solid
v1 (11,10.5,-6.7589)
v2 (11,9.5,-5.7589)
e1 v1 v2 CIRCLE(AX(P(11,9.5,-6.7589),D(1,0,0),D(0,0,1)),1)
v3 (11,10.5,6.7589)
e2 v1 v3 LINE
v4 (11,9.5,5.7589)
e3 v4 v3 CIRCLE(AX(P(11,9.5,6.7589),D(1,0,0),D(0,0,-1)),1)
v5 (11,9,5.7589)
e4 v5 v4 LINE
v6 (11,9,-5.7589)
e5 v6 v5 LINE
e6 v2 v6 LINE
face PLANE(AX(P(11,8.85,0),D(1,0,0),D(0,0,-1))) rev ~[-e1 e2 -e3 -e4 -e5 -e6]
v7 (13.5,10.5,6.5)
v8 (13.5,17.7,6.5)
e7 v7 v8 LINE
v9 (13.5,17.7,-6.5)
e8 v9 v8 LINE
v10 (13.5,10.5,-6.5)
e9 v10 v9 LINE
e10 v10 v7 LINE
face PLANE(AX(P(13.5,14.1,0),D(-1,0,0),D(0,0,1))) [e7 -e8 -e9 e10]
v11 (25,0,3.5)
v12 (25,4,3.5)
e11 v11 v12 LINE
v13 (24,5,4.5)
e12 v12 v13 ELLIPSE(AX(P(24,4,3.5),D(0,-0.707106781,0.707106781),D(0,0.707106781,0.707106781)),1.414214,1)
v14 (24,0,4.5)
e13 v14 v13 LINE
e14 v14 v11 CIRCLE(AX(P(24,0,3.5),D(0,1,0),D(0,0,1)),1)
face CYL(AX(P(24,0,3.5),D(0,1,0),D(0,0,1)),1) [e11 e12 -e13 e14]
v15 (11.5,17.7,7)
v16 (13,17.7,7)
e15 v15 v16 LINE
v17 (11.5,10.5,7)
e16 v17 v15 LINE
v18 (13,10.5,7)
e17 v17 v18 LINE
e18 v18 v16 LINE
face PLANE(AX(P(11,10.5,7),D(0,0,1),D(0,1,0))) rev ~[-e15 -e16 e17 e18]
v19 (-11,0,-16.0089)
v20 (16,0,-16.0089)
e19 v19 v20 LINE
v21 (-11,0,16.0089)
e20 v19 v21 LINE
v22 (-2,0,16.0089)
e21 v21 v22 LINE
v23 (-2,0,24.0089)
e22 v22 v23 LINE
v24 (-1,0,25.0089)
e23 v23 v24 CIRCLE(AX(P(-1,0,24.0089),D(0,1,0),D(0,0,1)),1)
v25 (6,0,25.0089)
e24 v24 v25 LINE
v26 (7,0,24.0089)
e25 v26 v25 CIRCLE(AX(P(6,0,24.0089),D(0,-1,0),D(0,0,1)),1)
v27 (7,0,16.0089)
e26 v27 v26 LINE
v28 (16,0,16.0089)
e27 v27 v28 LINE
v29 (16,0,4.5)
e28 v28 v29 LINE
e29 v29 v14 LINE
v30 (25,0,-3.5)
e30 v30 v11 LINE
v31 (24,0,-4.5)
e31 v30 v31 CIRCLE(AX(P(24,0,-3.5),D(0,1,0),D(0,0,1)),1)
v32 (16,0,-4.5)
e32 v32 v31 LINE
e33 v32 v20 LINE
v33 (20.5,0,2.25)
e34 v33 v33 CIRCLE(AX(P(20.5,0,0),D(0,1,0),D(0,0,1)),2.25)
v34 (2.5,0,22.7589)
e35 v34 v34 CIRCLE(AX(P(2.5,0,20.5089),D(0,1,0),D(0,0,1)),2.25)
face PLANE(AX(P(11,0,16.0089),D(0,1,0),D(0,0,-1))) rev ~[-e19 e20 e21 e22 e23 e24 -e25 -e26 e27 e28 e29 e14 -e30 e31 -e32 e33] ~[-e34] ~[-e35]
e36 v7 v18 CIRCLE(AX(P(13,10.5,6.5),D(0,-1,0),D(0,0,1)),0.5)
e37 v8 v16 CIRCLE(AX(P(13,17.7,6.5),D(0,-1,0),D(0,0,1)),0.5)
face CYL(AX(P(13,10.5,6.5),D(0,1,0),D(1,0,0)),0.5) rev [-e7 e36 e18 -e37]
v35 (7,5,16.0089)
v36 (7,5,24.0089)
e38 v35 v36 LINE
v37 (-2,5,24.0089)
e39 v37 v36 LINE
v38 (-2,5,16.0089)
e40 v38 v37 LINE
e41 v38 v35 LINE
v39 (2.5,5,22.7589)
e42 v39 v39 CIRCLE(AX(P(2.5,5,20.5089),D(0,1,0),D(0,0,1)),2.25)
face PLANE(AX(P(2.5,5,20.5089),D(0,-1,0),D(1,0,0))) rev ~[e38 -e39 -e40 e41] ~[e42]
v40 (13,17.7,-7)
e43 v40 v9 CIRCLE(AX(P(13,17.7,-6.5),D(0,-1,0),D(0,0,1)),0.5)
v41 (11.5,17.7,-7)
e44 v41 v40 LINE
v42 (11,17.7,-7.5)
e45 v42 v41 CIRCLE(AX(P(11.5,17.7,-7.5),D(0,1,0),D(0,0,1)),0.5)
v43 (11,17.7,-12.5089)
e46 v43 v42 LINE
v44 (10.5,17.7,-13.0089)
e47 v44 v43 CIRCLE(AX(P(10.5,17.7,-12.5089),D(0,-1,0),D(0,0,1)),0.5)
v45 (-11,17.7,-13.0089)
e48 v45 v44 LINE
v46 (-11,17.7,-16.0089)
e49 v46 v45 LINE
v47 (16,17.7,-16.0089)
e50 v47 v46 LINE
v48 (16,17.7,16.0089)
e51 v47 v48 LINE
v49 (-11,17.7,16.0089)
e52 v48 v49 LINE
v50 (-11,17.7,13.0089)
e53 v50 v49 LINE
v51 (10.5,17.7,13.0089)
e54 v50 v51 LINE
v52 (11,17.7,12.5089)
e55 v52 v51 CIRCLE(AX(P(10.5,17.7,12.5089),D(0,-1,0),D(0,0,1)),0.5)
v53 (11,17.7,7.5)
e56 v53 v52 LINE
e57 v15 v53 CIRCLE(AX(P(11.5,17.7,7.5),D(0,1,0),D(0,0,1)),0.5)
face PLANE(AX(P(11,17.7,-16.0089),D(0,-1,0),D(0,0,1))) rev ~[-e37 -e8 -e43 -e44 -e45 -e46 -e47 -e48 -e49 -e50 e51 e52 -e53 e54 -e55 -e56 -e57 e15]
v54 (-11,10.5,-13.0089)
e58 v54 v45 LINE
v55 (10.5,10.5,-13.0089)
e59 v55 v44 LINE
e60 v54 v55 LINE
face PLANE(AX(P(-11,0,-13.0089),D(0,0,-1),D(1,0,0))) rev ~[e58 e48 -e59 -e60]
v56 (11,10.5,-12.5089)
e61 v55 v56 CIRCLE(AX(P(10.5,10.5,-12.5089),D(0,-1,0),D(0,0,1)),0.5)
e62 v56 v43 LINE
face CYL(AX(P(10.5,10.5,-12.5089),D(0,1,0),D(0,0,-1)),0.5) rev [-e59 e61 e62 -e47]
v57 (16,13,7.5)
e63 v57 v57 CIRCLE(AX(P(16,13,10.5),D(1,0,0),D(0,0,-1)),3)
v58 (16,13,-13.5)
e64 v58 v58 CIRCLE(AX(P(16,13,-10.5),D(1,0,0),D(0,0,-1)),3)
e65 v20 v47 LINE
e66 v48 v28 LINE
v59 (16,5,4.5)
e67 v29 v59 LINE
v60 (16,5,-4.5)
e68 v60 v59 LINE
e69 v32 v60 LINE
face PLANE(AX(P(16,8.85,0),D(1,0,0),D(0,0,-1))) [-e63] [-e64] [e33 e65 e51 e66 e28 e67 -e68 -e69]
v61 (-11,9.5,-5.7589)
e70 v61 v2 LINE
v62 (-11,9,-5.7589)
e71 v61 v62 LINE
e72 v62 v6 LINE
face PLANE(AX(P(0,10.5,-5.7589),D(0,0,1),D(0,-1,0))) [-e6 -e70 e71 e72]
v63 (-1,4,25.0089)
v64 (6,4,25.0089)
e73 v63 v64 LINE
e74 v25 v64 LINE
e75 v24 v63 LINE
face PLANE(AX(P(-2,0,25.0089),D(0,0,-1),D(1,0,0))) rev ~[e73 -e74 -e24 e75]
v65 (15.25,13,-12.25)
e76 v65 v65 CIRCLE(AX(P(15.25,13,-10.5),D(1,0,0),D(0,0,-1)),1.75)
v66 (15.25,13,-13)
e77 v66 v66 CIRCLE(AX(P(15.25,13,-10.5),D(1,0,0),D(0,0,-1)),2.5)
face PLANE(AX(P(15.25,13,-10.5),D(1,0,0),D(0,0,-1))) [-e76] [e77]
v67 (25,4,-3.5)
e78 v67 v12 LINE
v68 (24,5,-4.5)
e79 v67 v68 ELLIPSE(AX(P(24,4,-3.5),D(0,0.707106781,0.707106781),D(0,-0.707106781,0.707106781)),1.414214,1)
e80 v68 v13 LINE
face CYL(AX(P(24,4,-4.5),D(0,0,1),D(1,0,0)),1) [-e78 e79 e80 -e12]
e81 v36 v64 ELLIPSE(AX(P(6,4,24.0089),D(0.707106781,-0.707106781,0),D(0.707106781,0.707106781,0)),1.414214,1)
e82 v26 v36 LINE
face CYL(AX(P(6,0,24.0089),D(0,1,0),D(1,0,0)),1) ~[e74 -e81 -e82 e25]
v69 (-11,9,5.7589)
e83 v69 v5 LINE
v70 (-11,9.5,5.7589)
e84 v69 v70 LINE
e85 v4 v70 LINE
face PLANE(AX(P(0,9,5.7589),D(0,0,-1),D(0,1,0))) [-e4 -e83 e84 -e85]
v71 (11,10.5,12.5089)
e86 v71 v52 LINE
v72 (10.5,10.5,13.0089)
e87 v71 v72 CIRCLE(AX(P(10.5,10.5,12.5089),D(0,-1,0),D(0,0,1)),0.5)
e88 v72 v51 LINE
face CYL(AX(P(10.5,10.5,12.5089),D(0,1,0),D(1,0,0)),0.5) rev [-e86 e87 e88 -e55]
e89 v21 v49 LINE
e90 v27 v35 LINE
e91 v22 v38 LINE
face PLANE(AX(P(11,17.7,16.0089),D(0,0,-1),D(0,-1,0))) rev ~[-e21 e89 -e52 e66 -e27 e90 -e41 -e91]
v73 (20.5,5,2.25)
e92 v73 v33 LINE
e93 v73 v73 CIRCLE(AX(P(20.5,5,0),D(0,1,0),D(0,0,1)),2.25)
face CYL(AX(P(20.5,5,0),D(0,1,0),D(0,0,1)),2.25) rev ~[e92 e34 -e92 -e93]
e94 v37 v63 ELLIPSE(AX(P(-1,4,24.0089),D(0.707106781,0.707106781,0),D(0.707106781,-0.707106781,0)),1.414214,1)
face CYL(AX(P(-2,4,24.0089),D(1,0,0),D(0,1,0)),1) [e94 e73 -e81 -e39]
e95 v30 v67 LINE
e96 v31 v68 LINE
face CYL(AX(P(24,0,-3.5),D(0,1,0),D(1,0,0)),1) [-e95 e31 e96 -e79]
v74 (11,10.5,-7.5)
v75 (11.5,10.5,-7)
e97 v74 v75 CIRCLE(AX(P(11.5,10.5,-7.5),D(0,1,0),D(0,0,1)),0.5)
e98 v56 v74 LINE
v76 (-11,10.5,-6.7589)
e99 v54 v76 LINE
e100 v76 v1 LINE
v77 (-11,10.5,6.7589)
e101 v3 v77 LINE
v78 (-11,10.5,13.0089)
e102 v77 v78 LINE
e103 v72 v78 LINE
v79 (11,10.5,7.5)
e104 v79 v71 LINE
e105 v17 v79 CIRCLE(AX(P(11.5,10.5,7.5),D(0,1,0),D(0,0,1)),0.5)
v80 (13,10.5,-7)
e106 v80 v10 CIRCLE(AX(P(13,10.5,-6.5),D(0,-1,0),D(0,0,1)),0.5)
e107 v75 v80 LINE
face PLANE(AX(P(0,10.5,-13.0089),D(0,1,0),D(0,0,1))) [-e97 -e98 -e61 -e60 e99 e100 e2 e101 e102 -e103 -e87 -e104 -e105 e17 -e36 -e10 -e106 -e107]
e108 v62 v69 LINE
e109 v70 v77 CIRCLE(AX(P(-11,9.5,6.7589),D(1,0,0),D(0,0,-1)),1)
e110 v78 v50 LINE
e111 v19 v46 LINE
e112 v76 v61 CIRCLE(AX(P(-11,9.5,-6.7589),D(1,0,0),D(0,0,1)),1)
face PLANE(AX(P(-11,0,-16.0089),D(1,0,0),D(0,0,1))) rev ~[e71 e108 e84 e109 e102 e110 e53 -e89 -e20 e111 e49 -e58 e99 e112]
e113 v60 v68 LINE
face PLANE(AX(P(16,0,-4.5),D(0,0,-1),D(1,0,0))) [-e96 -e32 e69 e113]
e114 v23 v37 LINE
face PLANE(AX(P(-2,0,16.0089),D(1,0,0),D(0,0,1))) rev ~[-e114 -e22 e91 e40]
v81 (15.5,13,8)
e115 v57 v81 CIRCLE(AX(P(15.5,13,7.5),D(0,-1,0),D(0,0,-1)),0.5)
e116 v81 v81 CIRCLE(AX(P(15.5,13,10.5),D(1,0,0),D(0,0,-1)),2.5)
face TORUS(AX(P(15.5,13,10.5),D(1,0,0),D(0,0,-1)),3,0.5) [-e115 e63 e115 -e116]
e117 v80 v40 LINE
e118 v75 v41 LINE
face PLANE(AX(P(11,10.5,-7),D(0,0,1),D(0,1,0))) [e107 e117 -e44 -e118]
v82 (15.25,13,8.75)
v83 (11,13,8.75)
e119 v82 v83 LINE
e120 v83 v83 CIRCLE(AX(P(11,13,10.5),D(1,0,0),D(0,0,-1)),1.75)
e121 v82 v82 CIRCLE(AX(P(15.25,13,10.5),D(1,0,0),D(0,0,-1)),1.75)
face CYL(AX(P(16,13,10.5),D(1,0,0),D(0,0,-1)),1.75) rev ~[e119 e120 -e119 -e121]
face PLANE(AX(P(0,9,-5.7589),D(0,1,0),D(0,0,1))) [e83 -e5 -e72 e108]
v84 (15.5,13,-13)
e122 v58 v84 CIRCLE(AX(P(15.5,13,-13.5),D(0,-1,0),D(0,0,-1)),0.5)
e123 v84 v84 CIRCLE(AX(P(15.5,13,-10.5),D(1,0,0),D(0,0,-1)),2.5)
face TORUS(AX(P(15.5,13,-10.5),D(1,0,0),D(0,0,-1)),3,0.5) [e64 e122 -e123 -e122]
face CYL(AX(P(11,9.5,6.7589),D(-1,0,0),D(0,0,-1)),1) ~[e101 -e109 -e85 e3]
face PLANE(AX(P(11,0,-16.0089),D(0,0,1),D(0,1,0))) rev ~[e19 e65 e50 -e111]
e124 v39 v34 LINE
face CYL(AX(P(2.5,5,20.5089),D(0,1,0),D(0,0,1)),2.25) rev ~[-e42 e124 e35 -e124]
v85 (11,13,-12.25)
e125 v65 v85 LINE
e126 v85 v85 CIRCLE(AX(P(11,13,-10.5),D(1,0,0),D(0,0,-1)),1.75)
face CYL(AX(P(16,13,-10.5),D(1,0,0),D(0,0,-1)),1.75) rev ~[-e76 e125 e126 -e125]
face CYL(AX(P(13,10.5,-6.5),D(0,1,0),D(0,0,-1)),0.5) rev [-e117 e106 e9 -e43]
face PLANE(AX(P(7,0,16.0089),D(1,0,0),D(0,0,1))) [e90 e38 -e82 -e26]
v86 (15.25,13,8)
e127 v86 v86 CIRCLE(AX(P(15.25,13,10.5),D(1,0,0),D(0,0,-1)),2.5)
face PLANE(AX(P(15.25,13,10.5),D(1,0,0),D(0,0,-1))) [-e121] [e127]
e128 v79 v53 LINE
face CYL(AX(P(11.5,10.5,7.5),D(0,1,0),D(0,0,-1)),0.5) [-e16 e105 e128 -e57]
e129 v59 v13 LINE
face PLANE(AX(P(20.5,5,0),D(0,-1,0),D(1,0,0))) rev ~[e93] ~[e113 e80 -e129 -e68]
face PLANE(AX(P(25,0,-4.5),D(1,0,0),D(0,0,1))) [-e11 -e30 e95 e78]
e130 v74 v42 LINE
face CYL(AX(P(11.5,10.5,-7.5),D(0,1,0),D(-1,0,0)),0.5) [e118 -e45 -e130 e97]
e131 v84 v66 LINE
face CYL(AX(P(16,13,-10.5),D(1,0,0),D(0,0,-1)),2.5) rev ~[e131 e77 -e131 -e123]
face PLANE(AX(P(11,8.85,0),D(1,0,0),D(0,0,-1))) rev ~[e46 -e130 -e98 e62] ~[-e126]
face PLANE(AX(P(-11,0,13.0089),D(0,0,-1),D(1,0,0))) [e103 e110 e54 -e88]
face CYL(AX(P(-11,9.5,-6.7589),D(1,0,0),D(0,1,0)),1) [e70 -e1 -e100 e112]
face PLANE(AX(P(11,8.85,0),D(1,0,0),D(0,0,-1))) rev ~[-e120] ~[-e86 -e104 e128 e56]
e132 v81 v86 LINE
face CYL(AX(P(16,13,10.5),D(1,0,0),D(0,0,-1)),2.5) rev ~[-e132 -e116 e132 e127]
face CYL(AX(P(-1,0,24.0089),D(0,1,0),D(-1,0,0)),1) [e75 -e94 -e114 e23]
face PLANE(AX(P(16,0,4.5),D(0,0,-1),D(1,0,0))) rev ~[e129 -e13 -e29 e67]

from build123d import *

# Parameters (mm, degrees)
BOSS_EXTRUDE1_DEPTH = 11
SKETCH3_W           = 22
SKETCH3_H           = 3
BOSS_EXTRUDE2_DEPTH = 17.7
BOSS_EXTRUDE3_DEPTH = 5
SKETCH5_R           = 1.75
CUT_EXTRUDE1_DEPTH  = 37.035744466
SKETCH6_W           = 9
SKETCH6_H           = 9
BOSS_EXTRUDE4_DEPTH = 5
SKETCH7_R           = 2.25
CUT_EXTRUDE2_DEPTH  = 38.573063213
FILLET1_R           = 1
SKETCH8_R           = 2.5
CUT_EXTRUDE3_DEPTH  = 0.75
FILLET2_R           = 0.5
SKETCH10_W          = 14
SKETCH10_H          = 7.2
CUT_EXTRUDE4_DEPTH  = 2.5
FILLET3_R           = 0.5


with BuildPart() as part:
    # Sketch1 → Boss-Extrude1 (new, symmetric)
    with BuildSketch(Plane(origin=(0, 0, 0), x_dir=(0, 0, -1), z_dir=(1, 0, 0))):
        Polygon((-13.0089, 0), (13.0089, 0), (13.0089, 10.5), (5.7589, 10.5), (5.7589, 9), (-5.7589, 9), (-5.7589, 10.5), (-13.0089, 10.5), align=None)
    extrude(amount=BOSS_EXTRUDE1_DEPTH, both=True)

    # Sketch3 → Boss-Extrude2 (add)
    with BuildSketch(Plane.XZ):
        with Locations((0, -14.5089)):
            Rectangle(SKETCH3_W, SKETCH3_H)
        with Locations((0, 14.5089)):
            Rectangle(SKETCH3_W, SKETCH3_H)
    extrude(amount=-BOSS_EXTRUDE2_DEPTH)

    # Sketch4 → Boss-Extrude3 (add)
    with BuildSketch(Plane(origin=(11, 0, 0), x_dir=(0, 0, -1), z_dir=(1, 0, 0))):
        Polygon((-8.8, 17.7), (-16.0089, 17.7), (-16.0089, 0), (16.0089, 0), (16.0089, 17.7), align=None)
    extrude(amount=BOSS_EXTRUDE3_DEPTH)

    # Sketch5 → Cut-Extrude1 (cut, through all)
    with BuildSketch(Plane(origin=(16, 0, 0), x_dir=(0, 0, -1), z_dir=(1, 0, 0))):
        with Locations((-10.5, 13)):
            Circle(SKETCH5_R)
        with Locations((10.5, 13)):
            Circle(SKETCH5_R)
    extrude(amount=-CUT_EXTRUDE1_DEPTH, mode=Mode.SUBTRACT)

    # Sketch6 → Boss-Extrude4 (add)
    with BuildSketch(Plane.XZ):
        with Locations((20.5, 0)):
            Rectangle(SKETCH6_W, SKETCH6_H)
        with Locations((2.5, 20.5089)):
            Rectangle(SKETCH6_W, SKETCH6_H)
    extrude(amount=-BOSS_EXTRUDE4_DEPTH)

    # Sketch7 → Cut-Extrude2 (cut, through all)
    with BuildSketch(Plane(origin=(0, 5, 0), x_dir=(1, 0, 0), z_dir=(0, 1, 0))):
        with Locations(Location((20.5, 0, 0), (0, 0, 270))):
            Circle(SKETCH7_R)
        with Locations(Location((2.5, -20.5089, 0), (0, 0, 270))):
            Circle(SKETCH7_R)
    extrude(amount=-CUT_EXTRUDE2_DEPTH, mode=Mode.SUBTRACT)

    # Fillet1
    fillet1_edges = [part.edges().sort_by_distance(p)[0] for p in [
        (0, 10.5, 5.7589),
        (0, 10.5, -5.7589),
        (25, 5, 0),
        (25, 2.5, 4.5),
        (25, 2.5, -4.5),
        (7, 2.5, 25.0089),
        (2.5, 5, 25.0089),
        (-2, 2.5, 25.0089),
    ]]
    fillet(fillet1_edges, radius=FILLET1_R)

    # Sketch8 → Cut-Extrude3 (cut)
    with BuildSketch(Plane(origin=(16, 0, 0), x_dir=(0, 0, -1), z_dir=(1, 0, 0))):
        with Locations((-10.5, 13)):
            Circle(SKETCH8_R)
        with Locations((10.5, 13)):
            Circle(SKETCH8_R)
    extrude(amount=-CUT_EXTRUDE3_DEPTH, mode=Mode.SUBTRACT)

    # Fillet2
    fillet2_edges = [part.edges().sort_by_distance(p)[0] for p in [
        (16, 13, 13),
        (16, 13, -8),
    ]]
    fillet(fillet2_edges, radius=FILLET2_R)

    # Sketch10 → Cut-Extrude4 (cut)
    with BuildSketch(Plane.ZY.offset(-11)):
        with Locations((0, 14.1)):
            Rectangle(SKETCH10_W, SKETCH10_H)
    extrude(amount=-CUT_EXTRUDE4_DEPTH, mode=Mode.SUBTRACT)

    # Fillet3
    fillet3_edges = [part.edges().sort_by_distance(p)[0] for p in [
        (13.5, 14.1, -7),
        (13.5, 14.1, 7),
        (11, 14.1, -7),
        (11, 14.1, 7),
        (11, 14.1, -13.0089),
        (11, 14.1, 13.0089),
    ]]
    fillet(fillet3_edges, radius=FILLET3_R)


solid = part.part
